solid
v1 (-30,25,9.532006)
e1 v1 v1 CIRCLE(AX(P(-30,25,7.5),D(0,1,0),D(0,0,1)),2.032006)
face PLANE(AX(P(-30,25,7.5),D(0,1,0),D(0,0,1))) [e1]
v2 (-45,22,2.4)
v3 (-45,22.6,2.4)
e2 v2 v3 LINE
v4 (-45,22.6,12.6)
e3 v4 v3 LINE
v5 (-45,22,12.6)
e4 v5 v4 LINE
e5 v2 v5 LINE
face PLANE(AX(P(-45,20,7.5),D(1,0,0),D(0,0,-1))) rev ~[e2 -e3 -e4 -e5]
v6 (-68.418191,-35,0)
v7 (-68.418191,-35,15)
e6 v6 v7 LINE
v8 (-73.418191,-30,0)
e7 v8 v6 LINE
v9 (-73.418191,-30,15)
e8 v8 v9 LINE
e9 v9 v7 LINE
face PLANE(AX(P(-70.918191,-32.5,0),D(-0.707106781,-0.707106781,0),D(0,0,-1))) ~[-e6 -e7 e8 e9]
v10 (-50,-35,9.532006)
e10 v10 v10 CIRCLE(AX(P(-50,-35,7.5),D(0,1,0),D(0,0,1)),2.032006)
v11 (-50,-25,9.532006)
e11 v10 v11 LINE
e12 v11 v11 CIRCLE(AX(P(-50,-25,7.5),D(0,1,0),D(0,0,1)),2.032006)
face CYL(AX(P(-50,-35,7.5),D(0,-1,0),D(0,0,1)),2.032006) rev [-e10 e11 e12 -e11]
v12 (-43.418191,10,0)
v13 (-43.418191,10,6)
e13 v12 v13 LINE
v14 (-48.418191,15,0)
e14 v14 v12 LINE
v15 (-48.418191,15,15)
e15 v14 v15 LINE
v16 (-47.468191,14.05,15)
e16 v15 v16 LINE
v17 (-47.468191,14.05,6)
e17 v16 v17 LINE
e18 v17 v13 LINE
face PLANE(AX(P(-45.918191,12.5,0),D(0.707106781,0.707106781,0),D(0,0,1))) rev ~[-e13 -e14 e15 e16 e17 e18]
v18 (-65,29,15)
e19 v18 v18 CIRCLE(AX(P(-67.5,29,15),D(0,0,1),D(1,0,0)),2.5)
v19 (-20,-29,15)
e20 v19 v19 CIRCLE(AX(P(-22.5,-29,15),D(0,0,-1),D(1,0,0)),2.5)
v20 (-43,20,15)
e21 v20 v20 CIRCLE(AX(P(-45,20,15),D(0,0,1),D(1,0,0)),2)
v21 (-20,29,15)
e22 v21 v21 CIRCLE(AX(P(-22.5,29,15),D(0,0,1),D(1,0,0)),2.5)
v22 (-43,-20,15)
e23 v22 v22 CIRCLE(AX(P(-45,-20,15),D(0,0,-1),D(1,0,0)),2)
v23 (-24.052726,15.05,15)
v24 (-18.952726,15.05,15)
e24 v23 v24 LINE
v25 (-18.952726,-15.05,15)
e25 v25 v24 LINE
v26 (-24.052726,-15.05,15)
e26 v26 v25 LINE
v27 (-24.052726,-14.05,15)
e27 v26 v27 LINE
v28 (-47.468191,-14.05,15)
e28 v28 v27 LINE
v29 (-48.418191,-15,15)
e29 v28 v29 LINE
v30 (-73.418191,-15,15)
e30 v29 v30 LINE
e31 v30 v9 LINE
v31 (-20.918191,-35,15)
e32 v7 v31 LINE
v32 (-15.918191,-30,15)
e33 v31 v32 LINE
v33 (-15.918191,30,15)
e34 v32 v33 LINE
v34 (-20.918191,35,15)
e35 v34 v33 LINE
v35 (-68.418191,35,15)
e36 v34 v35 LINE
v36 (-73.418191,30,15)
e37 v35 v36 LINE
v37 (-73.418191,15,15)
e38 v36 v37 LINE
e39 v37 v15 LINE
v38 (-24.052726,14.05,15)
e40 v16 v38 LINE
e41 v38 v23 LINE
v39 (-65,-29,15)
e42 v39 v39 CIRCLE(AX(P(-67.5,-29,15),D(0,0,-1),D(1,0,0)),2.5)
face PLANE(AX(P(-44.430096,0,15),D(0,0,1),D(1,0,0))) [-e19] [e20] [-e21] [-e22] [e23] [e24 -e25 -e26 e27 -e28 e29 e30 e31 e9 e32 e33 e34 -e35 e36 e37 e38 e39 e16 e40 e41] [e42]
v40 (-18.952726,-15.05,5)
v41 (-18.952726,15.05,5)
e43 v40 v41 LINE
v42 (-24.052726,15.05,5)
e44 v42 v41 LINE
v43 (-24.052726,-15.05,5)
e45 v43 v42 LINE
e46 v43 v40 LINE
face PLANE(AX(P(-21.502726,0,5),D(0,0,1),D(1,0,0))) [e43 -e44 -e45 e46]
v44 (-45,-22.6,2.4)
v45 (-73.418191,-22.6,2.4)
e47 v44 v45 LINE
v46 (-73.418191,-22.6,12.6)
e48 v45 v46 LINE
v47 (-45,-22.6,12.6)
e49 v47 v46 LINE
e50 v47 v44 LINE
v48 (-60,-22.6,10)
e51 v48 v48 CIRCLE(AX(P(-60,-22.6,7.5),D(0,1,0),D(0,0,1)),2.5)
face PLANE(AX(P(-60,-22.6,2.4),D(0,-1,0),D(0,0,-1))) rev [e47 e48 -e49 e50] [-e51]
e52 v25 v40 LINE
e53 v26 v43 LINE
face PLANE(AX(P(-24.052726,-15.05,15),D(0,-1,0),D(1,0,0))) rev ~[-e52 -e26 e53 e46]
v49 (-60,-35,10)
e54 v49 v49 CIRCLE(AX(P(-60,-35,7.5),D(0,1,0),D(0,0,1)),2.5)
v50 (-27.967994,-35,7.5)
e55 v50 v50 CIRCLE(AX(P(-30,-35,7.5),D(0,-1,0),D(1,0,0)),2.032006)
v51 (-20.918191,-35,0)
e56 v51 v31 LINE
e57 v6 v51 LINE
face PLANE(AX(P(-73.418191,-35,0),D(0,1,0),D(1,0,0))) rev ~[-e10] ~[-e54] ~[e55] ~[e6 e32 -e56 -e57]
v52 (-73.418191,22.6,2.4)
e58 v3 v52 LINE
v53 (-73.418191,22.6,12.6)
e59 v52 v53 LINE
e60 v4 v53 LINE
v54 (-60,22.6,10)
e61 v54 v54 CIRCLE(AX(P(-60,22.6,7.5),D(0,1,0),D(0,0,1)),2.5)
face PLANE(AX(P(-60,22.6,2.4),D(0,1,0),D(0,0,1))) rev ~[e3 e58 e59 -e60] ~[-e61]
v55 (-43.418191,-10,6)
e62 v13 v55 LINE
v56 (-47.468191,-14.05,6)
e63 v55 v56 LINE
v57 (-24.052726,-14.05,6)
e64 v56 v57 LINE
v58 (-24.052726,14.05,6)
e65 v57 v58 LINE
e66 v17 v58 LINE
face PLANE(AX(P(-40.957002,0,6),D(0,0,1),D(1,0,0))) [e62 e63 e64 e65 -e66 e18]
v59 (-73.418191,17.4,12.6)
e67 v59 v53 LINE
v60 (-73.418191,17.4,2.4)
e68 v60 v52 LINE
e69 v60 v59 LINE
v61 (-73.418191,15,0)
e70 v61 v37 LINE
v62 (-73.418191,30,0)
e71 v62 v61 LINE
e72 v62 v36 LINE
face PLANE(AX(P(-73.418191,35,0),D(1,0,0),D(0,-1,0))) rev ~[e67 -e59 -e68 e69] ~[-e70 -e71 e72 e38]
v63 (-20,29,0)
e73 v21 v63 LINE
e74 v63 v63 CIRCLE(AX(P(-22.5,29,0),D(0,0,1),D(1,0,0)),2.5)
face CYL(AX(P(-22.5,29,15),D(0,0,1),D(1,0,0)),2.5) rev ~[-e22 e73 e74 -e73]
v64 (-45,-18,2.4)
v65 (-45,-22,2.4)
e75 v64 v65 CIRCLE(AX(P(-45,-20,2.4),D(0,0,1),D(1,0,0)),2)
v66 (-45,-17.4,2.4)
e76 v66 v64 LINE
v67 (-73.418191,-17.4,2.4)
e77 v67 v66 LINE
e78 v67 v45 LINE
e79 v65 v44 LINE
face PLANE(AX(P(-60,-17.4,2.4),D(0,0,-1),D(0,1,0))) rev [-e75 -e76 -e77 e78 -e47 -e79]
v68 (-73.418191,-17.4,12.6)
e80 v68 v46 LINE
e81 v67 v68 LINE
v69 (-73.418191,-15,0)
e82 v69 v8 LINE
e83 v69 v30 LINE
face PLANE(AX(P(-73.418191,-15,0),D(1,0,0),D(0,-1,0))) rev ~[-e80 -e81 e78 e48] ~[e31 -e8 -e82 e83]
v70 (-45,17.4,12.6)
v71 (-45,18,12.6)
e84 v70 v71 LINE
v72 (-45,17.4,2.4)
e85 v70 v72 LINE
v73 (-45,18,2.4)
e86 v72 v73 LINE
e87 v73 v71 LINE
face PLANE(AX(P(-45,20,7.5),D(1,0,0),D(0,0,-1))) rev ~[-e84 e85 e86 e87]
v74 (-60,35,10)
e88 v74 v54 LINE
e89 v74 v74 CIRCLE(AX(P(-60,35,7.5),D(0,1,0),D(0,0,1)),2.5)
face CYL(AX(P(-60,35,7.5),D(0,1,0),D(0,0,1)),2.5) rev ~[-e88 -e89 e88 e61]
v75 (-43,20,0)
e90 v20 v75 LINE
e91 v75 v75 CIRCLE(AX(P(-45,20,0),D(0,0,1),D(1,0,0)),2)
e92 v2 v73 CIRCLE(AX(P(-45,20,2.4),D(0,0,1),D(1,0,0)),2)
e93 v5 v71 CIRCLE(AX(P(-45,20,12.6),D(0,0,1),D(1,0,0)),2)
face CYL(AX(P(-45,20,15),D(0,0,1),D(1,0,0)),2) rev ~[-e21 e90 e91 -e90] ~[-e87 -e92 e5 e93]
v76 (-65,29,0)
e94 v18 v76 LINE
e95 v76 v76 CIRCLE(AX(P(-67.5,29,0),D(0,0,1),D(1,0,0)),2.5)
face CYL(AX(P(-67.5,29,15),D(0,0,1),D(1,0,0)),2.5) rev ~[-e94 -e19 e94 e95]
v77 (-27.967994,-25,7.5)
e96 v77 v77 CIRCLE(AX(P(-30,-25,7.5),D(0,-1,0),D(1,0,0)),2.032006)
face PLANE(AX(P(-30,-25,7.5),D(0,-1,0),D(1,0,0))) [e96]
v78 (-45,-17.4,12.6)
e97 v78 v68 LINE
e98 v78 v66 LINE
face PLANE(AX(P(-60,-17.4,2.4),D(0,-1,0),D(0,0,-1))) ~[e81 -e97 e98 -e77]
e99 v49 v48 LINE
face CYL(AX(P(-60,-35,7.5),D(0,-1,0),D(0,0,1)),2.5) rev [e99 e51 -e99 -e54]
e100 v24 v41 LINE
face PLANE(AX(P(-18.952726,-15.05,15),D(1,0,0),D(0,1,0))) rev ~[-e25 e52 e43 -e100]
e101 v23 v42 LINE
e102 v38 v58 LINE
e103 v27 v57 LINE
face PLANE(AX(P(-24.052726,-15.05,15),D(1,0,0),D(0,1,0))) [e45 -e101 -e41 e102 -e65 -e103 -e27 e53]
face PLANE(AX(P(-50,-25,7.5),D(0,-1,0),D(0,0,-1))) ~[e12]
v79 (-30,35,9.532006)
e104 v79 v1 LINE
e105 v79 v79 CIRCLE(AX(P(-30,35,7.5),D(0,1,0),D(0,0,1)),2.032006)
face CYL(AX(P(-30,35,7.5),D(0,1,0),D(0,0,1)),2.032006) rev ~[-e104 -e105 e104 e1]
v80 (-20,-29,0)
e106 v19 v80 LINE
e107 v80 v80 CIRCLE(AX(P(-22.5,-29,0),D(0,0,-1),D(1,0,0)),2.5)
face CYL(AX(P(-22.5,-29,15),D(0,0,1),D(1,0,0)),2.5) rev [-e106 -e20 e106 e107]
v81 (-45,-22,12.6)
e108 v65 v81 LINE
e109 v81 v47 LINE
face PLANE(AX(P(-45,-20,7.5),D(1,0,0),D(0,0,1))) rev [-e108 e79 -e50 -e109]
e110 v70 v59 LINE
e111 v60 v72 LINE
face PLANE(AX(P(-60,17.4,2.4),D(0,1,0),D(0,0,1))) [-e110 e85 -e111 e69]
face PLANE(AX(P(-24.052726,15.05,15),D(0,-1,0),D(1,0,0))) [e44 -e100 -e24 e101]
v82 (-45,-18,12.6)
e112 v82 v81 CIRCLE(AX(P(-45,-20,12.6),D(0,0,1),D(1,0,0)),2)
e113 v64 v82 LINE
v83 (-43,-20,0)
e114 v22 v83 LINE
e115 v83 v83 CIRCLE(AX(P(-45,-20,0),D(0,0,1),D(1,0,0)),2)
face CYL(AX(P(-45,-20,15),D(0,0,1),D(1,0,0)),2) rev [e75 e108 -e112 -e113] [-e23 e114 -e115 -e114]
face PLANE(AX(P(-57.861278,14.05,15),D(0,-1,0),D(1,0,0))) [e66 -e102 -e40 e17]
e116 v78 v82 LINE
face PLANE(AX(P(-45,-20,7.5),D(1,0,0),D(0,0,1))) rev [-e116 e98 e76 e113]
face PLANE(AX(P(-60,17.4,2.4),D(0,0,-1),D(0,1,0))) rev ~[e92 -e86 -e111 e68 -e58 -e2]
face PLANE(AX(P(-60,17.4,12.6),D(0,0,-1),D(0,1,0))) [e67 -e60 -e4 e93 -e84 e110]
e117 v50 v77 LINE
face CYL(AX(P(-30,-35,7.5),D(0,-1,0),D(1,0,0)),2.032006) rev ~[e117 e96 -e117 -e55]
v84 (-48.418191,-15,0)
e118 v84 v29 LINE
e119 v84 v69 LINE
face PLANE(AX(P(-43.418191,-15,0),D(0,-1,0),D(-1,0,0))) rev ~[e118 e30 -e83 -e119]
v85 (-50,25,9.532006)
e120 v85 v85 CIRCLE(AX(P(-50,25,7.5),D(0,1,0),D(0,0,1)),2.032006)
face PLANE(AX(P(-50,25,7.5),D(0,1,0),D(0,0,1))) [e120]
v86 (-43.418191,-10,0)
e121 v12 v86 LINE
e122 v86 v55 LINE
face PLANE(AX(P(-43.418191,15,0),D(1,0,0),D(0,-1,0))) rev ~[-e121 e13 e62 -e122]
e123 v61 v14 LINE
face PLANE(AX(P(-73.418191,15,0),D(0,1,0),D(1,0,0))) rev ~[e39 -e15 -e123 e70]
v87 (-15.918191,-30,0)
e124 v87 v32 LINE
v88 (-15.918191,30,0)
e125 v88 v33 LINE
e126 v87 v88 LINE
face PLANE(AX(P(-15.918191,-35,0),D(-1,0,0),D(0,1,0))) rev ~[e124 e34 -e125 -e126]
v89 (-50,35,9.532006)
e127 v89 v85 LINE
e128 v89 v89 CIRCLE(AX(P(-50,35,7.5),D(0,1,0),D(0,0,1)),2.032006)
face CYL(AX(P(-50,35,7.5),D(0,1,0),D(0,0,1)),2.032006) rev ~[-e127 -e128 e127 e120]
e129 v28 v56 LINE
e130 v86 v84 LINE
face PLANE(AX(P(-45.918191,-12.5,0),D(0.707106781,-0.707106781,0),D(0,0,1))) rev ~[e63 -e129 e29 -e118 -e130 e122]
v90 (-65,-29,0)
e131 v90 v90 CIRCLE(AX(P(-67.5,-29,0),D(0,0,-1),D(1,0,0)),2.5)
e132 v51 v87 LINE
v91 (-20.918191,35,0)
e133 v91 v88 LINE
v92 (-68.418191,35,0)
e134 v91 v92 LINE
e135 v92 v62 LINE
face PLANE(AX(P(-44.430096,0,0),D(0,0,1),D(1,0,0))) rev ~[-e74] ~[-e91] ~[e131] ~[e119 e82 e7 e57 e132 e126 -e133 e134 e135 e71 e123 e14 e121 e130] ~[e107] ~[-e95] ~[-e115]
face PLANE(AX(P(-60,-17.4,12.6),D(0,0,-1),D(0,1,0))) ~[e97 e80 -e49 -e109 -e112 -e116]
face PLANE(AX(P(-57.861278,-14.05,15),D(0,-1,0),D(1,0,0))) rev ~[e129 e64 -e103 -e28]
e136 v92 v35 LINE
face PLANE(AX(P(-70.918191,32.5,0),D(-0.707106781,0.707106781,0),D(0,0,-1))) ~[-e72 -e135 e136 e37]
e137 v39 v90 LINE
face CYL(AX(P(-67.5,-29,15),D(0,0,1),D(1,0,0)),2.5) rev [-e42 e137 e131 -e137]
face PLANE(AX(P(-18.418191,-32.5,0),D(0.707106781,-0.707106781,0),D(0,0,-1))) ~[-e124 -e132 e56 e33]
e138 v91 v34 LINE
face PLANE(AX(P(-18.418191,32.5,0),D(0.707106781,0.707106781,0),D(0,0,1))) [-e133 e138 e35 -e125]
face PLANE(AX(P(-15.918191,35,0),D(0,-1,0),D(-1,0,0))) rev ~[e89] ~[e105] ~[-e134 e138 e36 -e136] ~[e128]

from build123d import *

# Parameters (mm, degrees)
EXTRUDE_2_DEPTH          = 15
CHAMFER_1_SIZE           = 5
CUT_EXTRUDE_START        = -13.418191
SKETCH_16_W              = 10.2
SKETCH_16_H              = 5.2
CUT_EXTRUDE_11_DEPTH     = 13.418191
SKETCH_17_W              = 10.2
SKETCH_17_H              = 5.2
CUT_EXTRUDE_12_DEPTH     = 15
SKETCH_19_R              = 2
CUT_EXTRUDE_13_DEPTH     = 83.70568747
CUT_EXTRUDE_14_REACH     = 104.544
SKETCH_21_R              = 2.5
SKETCH_24_R              = 2.032005788
CUT_EXTRUDE_16_DEPTH     = 10
PATTERN_LINEAR_1_COUNT   = 2
PATTERN_LINEAR_1_PITCH   = 20
CUT_EXTRUDE_20_REACH     = 84.706
SKETCH_31_R              = 2.5
MIRROR_1_COPY_1_SKETCH_R = 2.032005788
MIRROR_1_COPY_1_DEPTH    = 10
SKETCH_28_W              = 5.1
SKETCH_28_H              = 30.1
CUT_EXTRUDE_18_DEPTH     = 10
SKETCH_29_W              = 33.808551472
SKETCH_29_H              = 28.1
CUT_EXTRUDE_19_DEPTH     = 9


with BuildPart() as part:
    # 草圖1 → 填料-伸長2 (new body)
    with BuildSketch(Plane.XY):
        Polygon((-15.918190797, 35), (-73.418190797, 35), (-73.418190797, 15), (-43.418190797, 15), (-43.418190797, -15), (-73.418190797, -15), (-73.418190797, -35), (-15.918190797, -35), align=None)
    extrude(amount=EXTRUDE_2_DEPTH)

    # 導角1
    chamfer_1_edges = [part.edges().sort_by_distance(p)[0] for p in [
        (-73.418190797, 35, 7.5),
        (-15.918190797, 35, 7.5),
        (-15.918190797, -35, 7.5),
        (-73.418190797, -35, 7.5),
        (-43.418190797, -15, 7.5),
        (-43.418190797, 15, 7.5),
    ]]
    chamfer(chamfer_1_edges, length=CHAMFER_1_SIZE)

    # 草圖16 → 除料-伸長11 (cut)
    with BuildSketch(Plane.ZY.offset(73.418190797).offset(CUT_EXTRUDE_START)):
        with Locations((7.5, 20)):
            Rectangle(SKETCH_16_W, SKETCH_16_H)
    cut_extrude_11 = extrude(amount=CUT_EXTRUDE_11_DEPTH, mode=Mode.SUBTRACT)

    # 草圖17 → 除料-伸長12 (cut)
    with BuildSketch(Plane(origin=(-60, 0, 0), x_dir=(0, 0, -1), z_dir=(1, 0, 0))):
        with Locations((-7.5, 20)):
            Rectangle(SKETCH_17_W, SKETCH_17_H)
    cut_extrude_12 = extrude(amount=CUT_EXTRUDE_12_DEPTH, mode=Mode.SUBTRACT)

    # 草圖19 → 除料-伸長13 (cut, through all)
    with BuildSketch(Plane.XY.offset(15)):
        with Locations((-45, 20)):
            Circle(SKETCH_19_R)
    cut_extrude_13 = extrude(amount=-CUT_EXTRUDE_13_DEPTH, mode=Mode.SUBTRACT)

    # 草圖21 → 除料-伸長14 (cut, up to next)
    with BuildSketch(Plane(origin=(0, 35, 0), x_dir=(1, 0, 0), z_dir=(0, 1, 0)), mode=Mode.PRIVATE) as cut_extrude_14_sk1:
        with Locations(Location((-60, -7.5, 0), (0, 0, 270))):
            Circle(SKETCH_21_R)
    cut_extrude_14_tool1 = extrude(cut_extrude_14_sk1.sketch, amount=-CUT_EXTRUDE_14_REACH, mode=Mode.PRIVATE) & part.part
    cut_extrude_14 = cut_extrude_14_tool1.solids().sort_by_distance((-60, 35, 7.5))[0]
    add(cut_extrude_14, mode=Mode.SUBTRACT)

    # 草圖24 → 除料-伸長16 (cut)
    with BuildSketch(Plane(origin=(0, 35, 0), x_dir=(1, 0, 0), z_dir=(0, 1, 0))):
        with Locations(Location((-50, -7.5, 0), (0, 0, 270))):
            Circle(SKETCH_24_R)
    cut_extrude_16 = extrude(amount=-CUT_EXTRUDE_16_DEPTH, mode=Mode.SUBTRACT)

    # 直線複製排列1: 除料-伸長16 ×2
    with Locations(*[(i * PATTERN_LINEAR_1_PITCH, 0, 0) for i in range(1, PATTERN_LINEAR_1_COUNT)]):
        add(cut_extrude_16, mode=Mode.SUBTRACT)

    # 草圖31 → 除料-伸長20 (cut, up to next)
    with BuildSketch(Plane.XY.offset(15), mode=Mode.PRIVATE) as cut_extrude_20_sk1:
        with Locations((-22.5, 29)):
            Circle(SKETCH_31_R)
    cut_extrude_20_tool1 = extrude(cut_extrude_20_sk1.sketch, amount=-CUT_EXTRUDE_20_REACH, mode=Mode.PRIVATE) & part.part
    # 草圖31 → 除料-伸長20 (cut, up to next)
    with BuildSketch(Plane.XY.offset(15), mode=Mode.PRIVATE) as cut_extrude_20_sk2:
        with Locations((-67.5, 29)):
            Circle(SKETCH_31_R)
    cut_extrude_20_tool2 = extrude(cut_extrude_20_sk2.sketch, amount=-CUT_EXTRUDE_20_REACH, mode=Mode.PRIVATE) & part.part
    cut_extrude_20_1 = cut_extrude_20_tool1.solids().sort_by_distance((-22.5, 29, 15))[0]
    add(cut_extrude_20_1, mode=Mode.SUBTRACT)
    cut_extrude_20_2 = cut_extrude_20_tool2.solids().sort_by_distance((-67.5, 29, 15))[0]
    add(cut_extrude_20_2, mode=Mode.SUBTRACT)
    cut_extrude_20 = cut_extrude_20_1 + cut_extrude_20_2  # 除料-伸長20 as one shape, for the pattern or mirror that repeats it

    # 鏡射1: 除料-伸長11, 除料-伸長12, 除料-伸長13, 除料-伸長14, 除料-伸長16, 除料-伸長20 across plane
    add(cut_extrude_11.mirror(Plane.ZX), mode=Mode.SUBTRACT)
    add(cut_extrude_12.mirror(Plane.ZX), mode=Mode.SUBTRACT)
    add(cut_extrude_13.mirror(Plane.ZX), mode=Mode.SUBTRACT)
    add(cut_extrude_14.mirror(Plane.ZX), mode=Mode.SUBTRACT)
    add(cut_extrude_16.mirror(Plane.ZX), mode=Mode.SUBTRACT)
    add(cut_extrude_20.mirror(Plane.ZX), mode=Mode.SUBTRACT)

    # 鏡射1 copy 1 sketch → 鏡射1 copy 1 (cut)
    with BuildSketch(Plane(origin=(20, -35, 0), x_dir=(1, 0, 0), z_dir=(0, -1, 0))):
        with Locations((-50, 7.5)):
            Circle(MIRROR_1_COPY_1_SKETCH_R)
    extrude(amount=-MIRROR_1_COPY_1_DEPTH, mode=Mode.SUBTRACT)

    # 草圖28 → 除料-伸長18 (cut)
    with BuildSketch(Plane.XY.offset(15)):
        with Locations((-21.502726402, 0)):
            Rectangle(SKETCH_28_W, SKETCH_28_H)
    extrude(amount=-CUT_EXTRUDE_18_DEPTH, mode=Mode.SUBTRACT)

    # 草圖29 → 除料-伸長19 (cut)
    with BuildSketch(Plane.XY.offset(15)):
        with Locations((-40.957002138, 0)):
            Rectangle(SKETCH_29_W, SKETCH_29_H)
    extrude(amount=-CUT_EXTRUDE_19_DEPTH, mode=Mode.SUBTRACT)


solid = part.part
